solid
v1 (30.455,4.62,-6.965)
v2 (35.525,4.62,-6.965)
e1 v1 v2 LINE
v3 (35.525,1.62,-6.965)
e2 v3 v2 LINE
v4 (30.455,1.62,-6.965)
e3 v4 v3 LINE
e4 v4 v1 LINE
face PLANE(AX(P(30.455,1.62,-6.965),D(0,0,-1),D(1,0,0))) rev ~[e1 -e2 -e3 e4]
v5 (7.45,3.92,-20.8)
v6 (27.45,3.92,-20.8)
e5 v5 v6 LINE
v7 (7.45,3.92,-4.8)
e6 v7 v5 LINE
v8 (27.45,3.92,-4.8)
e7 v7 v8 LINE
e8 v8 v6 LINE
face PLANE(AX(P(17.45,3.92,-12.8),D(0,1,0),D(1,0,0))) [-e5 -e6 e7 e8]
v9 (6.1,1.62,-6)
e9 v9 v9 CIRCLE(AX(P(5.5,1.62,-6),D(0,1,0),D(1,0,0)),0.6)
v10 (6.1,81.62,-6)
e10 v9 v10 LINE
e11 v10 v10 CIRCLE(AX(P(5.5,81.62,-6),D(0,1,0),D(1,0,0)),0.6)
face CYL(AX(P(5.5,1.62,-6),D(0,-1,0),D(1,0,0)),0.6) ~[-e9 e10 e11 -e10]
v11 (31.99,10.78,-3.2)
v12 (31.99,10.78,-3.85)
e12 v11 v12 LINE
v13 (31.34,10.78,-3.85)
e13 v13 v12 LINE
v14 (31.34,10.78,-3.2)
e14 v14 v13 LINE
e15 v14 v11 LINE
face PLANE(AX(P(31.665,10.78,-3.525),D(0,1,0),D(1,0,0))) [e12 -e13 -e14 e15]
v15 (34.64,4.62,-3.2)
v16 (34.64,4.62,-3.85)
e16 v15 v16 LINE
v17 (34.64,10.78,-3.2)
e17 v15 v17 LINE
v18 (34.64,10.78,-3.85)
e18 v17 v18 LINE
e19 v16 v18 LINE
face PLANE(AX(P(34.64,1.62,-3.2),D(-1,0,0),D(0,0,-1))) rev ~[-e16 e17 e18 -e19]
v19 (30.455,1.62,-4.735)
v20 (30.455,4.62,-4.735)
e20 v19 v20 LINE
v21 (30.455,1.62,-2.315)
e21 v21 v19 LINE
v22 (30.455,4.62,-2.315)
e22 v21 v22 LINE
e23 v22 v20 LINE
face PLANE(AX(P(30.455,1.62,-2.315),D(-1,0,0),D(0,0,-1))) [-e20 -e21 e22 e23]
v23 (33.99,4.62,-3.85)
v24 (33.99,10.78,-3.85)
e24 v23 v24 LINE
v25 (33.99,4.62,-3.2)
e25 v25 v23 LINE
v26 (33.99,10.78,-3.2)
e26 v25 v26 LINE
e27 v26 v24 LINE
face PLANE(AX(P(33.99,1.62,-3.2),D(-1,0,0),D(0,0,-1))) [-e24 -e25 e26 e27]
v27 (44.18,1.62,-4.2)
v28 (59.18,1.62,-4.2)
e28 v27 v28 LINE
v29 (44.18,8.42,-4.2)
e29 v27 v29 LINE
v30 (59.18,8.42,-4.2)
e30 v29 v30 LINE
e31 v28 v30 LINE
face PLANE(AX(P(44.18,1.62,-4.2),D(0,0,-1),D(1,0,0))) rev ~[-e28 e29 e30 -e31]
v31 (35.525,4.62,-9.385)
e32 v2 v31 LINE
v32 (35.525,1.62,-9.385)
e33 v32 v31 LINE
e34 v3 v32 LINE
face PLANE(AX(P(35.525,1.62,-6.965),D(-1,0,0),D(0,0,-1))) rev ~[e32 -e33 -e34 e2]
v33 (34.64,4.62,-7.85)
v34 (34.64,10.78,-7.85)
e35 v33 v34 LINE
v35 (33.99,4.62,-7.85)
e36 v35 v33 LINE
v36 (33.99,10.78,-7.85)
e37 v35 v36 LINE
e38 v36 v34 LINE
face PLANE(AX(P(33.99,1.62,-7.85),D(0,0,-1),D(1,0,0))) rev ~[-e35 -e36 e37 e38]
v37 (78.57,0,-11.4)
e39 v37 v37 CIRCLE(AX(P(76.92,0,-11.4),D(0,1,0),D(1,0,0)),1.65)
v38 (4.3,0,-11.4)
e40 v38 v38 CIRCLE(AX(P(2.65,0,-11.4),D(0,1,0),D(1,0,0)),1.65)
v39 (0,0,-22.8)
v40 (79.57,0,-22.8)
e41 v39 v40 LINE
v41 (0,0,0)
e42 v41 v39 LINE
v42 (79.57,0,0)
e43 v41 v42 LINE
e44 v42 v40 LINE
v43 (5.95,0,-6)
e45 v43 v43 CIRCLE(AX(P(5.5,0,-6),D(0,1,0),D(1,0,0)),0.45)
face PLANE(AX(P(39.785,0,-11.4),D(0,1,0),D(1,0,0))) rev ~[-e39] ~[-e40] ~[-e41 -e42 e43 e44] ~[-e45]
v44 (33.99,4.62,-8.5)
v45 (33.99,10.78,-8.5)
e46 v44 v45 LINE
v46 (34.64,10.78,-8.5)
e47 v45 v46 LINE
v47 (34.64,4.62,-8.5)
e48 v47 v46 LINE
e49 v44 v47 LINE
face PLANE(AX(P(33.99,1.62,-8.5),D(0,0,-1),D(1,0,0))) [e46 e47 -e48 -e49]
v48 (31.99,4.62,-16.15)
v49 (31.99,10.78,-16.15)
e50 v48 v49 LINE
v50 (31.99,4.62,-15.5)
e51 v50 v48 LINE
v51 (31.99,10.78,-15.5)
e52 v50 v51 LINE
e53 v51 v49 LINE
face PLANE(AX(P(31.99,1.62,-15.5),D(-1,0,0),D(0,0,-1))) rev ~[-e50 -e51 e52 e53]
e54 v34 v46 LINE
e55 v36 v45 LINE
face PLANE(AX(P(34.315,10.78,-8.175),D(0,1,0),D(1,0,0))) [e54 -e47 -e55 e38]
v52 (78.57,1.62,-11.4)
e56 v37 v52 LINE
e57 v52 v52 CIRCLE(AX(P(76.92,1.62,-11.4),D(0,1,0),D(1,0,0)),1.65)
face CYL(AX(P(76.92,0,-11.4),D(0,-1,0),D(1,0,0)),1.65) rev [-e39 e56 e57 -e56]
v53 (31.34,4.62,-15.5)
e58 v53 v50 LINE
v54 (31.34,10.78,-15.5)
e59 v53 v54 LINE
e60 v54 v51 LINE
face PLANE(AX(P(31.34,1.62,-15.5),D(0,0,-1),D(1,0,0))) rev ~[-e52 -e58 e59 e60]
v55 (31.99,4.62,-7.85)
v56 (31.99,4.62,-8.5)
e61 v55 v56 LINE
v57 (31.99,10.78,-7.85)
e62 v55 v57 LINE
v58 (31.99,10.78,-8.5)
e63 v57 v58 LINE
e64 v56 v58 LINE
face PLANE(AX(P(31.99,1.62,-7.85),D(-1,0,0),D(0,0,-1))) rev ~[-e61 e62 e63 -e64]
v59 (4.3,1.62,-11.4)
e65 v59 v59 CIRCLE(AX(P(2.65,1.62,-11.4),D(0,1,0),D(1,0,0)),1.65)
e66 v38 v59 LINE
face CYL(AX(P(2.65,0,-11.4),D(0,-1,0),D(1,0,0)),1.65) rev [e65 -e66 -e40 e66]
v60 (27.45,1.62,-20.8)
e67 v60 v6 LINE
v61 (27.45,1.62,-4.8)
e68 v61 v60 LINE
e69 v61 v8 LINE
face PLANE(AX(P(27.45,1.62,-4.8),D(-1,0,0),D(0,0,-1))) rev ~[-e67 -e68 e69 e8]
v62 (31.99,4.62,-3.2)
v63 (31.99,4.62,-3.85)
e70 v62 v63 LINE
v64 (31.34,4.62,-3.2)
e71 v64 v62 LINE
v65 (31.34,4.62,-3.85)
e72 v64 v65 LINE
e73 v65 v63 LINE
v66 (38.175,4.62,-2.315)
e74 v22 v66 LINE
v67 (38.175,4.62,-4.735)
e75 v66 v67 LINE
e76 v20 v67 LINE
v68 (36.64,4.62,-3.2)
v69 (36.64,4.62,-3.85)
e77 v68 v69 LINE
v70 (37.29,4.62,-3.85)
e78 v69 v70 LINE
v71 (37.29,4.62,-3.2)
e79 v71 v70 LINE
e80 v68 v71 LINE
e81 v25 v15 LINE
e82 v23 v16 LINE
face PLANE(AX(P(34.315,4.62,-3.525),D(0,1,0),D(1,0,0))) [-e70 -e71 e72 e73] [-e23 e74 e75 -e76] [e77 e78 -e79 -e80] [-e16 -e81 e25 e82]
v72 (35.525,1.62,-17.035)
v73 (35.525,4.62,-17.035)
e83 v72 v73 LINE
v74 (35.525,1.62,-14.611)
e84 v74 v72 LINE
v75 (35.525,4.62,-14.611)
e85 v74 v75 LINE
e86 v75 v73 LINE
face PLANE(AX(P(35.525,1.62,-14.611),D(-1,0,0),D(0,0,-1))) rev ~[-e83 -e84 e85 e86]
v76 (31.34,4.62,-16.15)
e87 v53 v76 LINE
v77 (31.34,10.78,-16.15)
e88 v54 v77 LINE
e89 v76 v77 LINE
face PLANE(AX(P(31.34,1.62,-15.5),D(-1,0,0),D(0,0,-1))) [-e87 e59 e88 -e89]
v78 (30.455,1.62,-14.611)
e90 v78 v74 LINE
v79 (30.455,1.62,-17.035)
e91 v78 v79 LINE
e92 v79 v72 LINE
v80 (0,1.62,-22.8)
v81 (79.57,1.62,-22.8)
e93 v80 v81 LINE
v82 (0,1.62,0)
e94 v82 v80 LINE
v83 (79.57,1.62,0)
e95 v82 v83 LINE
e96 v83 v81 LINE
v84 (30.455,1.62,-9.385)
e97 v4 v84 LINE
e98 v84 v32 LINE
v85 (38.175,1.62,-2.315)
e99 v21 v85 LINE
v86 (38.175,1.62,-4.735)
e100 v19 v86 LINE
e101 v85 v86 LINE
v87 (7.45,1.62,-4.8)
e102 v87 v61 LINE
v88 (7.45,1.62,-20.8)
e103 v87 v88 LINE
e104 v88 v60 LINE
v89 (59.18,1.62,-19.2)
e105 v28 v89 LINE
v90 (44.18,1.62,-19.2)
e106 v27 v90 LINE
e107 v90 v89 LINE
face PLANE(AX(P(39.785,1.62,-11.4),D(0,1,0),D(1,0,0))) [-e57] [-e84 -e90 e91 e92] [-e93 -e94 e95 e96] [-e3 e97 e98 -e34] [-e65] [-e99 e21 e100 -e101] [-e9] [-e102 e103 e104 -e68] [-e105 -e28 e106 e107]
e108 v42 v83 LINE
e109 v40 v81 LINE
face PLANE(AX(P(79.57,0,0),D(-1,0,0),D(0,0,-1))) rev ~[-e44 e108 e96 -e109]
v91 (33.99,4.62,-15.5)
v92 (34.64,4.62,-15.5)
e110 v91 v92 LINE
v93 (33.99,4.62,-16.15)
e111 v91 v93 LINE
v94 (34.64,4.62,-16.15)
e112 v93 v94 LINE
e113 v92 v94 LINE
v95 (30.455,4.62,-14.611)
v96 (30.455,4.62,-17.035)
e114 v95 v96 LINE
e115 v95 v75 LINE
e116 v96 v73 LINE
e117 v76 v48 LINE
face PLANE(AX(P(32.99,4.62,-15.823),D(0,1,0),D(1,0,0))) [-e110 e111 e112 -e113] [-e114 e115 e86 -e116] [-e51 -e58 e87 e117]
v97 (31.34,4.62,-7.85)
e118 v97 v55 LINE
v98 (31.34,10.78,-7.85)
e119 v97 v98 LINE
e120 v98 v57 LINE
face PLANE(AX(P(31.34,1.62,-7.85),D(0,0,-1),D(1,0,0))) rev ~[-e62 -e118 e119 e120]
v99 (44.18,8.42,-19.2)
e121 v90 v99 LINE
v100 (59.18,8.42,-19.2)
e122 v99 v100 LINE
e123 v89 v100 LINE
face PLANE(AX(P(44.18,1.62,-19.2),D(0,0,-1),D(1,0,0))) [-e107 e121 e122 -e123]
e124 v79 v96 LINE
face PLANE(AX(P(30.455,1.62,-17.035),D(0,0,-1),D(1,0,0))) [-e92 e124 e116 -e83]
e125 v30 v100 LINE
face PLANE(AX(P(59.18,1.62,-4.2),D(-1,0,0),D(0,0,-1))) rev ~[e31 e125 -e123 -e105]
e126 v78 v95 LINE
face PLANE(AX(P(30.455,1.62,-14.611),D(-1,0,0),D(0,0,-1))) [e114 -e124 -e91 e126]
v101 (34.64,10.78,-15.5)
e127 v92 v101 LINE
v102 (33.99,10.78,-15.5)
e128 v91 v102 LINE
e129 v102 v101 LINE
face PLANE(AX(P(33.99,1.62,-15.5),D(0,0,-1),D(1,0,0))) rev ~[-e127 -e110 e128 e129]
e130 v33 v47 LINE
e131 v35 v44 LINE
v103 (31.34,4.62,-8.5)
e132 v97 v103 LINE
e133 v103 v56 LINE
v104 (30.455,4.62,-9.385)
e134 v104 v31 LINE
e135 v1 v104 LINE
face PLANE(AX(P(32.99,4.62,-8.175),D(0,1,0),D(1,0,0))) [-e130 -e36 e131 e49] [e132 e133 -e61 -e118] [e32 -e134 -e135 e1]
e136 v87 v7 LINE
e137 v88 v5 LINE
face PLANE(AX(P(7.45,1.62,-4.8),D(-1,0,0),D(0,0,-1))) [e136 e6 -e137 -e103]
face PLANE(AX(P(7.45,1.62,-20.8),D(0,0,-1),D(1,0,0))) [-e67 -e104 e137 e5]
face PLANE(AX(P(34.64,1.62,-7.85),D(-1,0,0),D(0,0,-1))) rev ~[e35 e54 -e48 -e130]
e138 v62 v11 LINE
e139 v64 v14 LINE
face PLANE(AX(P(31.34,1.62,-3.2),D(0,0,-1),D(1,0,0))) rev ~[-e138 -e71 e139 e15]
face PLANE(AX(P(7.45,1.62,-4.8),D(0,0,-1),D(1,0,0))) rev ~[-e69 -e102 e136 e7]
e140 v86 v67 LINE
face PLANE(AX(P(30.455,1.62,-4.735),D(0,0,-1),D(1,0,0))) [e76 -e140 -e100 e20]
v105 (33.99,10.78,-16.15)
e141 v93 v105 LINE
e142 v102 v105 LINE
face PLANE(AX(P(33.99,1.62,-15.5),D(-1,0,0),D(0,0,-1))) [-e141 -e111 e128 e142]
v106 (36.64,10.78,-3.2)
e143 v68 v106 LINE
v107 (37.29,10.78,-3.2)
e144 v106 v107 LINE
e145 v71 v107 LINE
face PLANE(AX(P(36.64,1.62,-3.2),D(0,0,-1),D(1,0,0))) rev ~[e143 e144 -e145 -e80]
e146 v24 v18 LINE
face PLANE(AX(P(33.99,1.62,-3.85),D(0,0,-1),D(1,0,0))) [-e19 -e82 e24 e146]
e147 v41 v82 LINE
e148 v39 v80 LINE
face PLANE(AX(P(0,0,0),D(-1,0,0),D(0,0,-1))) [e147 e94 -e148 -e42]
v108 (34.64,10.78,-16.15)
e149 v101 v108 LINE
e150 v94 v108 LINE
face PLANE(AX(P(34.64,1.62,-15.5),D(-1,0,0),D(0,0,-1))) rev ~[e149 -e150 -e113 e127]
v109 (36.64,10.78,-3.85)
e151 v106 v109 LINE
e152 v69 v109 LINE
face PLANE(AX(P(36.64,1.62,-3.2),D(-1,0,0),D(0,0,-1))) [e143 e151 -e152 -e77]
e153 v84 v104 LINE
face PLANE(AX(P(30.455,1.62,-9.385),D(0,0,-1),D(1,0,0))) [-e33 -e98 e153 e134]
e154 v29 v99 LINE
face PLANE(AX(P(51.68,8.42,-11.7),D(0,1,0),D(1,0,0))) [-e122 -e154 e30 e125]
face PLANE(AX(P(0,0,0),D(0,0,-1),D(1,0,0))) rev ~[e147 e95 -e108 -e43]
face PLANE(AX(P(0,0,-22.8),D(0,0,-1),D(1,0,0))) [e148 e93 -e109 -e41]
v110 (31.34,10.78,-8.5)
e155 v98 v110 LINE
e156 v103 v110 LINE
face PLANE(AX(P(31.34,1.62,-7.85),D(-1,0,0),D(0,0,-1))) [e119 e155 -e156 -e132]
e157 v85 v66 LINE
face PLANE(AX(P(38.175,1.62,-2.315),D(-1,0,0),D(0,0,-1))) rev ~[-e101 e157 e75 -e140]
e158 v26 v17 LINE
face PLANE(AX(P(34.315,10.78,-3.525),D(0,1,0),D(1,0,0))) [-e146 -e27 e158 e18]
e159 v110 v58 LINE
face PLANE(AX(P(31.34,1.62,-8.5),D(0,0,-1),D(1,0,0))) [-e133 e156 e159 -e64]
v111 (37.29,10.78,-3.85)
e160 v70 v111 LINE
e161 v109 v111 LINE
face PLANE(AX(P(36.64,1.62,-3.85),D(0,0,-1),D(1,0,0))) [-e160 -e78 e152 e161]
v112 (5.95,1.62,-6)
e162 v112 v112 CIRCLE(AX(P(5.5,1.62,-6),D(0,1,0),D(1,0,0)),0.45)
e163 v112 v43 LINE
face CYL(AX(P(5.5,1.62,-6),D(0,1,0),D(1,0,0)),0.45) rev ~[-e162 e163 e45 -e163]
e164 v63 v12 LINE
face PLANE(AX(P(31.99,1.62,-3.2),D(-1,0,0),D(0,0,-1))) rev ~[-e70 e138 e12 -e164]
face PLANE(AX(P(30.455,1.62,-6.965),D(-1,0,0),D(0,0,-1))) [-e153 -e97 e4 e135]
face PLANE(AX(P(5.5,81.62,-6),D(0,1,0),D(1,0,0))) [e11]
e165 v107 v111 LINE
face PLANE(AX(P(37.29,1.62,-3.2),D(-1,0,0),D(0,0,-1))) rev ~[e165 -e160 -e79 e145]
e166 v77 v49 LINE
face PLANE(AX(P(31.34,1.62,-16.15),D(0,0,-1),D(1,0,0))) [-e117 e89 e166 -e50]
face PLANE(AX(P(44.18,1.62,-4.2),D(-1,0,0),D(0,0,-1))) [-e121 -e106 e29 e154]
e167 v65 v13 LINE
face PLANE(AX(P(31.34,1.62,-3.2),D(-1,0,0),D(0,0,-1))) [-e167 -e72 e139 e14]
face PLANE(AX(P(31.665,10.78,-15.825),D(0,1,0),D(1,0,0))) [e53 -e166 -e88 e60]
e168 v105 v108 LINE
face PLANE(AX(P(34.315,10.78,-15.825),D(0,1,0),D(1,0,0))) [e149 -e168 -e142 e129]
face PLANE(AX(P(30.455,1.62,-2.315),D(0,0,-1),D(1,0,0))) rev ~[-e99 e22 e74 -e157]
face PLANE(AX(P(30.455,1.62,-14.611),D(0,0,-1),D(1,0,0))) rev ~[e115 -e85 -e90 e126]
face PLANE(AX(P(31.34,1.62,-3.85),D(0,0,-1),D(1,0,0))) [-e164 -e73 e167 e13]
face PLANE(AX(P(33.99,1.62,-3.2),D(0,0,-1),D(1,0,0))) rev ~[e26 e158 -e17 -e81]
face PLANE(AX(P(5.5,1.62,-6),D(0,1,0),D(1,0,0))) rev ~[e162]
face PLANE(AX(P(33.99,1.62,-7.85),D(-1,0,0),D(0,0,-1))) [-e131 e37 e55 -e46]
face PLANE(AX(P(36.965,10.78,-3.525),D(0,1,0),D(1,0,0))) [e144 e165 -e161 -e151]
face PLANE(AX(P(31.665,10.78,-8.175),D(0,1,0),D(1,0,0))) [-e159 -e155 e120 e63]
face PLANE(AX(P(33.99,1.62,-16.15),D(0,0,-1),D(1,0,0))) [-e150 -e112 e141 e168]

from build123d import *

# Parameters (mm, degrees)
SKETCH1_W              = 79.57
SKETCH1_H              = 22.8
SKETCH1_R              = 1.65
BOSS_EXTRUDE2_DEPTH    = 1.62
SKETCH2_W              = 15
SKETCH2_H              = 15
BOSS_EXTRUDE3_DEPTH    = 6.8
SKETCH3_W              = 0.65
SKETCH3_H              = 0.65
BOSS_EXTRUDE4_DEPTH    = 9.16
SKETCH4_W              = 7.72
SKETCH4_H              = 2.42
SKETCH4_W_2            = 5.07
SKETCH4_H_2            = 2.424
BOSS_EXTRUDE5_DEPTH    = 3
SKETCH5_W              = 20
SKETCH5_H              = 16
BOSS_EXTRUDE6_DEPTH    = 2.3
SKETCH6_R              = 0.45
HOLE_FOR_ANTENNA_DEPTH = 2.8
SKETCH7_R              = 0.6
BOSS_EXTRUDE7_DEPTH    = 80


with BuildPart() as part:
    # Sketch1 → Boss-Extrude2 (new body)
    with BuildSketch(Plane(origin=(0, 0, 0), x_dir=(1, 0, 0), z_dir=(0, 1, 0))):
        with Locations((39.785, 11.4)):
            Rectangle(SKETCH1_W, SKETCH1_H)
        with Locations((2.65, 11.4)):
            Circle(SKETCH1_R, mode=Mode.SUBTRACT)
        with Locations((76.92, 11.4)):
            Circle(SKETCH1_R, mode=Mode.SUBTRACT)
    extrude(amount=BOSS_EXTRUDE2_DEPTH)

    # Sketch2 → Boss-Extrude3 (add)
    with BuildSketch(Plane(origin=(0, 1.62, 0), x_dir=(1, 0, 0), z_dir=(0, 1, 0))):
        with Locations((51.68, 11.7)):
            Rectangle(SKETCH2_W, SKETCH2_H)
    extrude(amount=BOSS_EXTRUDE3_DEPTH)

    # Sketch3 → Boss-Extrude4 (add)
    with BuildSketch(Plane(origin=(0, 1.62, 0), x_dir=(1, 0, 0), z_dir=(0, 1, 0))):
        with Locations((31.665, 3.525)):
            Rectangle(SKETCH3_W, SKETCH3_H)
        with Locations((34.315, 3.525)):
            Rectangle(SKETCH3_W, SKETCH3_H)
        with Locations((36.965, 3.525)):
            Rectangle(SKETCH3_W, SKETCH3_H)
        with Locations((31.665, 8.175)):
            Rectangle(SKETCH3_W, SKETCH3_H)
        with Locations((34.315, 8.175)):
            Rectangle(SKETCH3_W, SKETCH3_H)
        with Locations((31.665, 15.825)):
            Rectangle(SKETCH3_W, SKETCH3_H)
        with Locations((34.315, 15.825)):
            Rectangle(SKETCH3_W, SKETCH3_H)
    extrude(amount=BOSS_EXTRUDE4_DEPTH)

    # Sketch4 → Boss-Extrude5 (add)
    with BuildSketch(Plane(origin=(0, 1.62, 0), x_dir=(1, 0, 0), z_dir=(0, 1, 0))):
        with Locations((34.315, 3.525)):
            Rectangle(SKETCH4_W, SKETCH4_H)
        with Locations((32.99, 8.175)):
            Rectangle(SKETCH4_W_2, SKETCH4_H)
        with Locations((32.99, 15.823)):
            Rectangle(SKETCH4_W_2, SKETCH4_H_2)
    extrude(amount=BOSS_EXTRUDE5_DEPTH)

    # Sketch5 → Boss-Extrude6 (add)
    with BuildSketch(Plane(origin=(0, 1.62, 0), x_dir=(1, 0, 0), z_dir=(0, 1, 0))):
        with Locations((17.45, 12.8)):
            Rectangle(SKETCH5_W, SKETCH5_H)
    extrude(amount=BOSS_EXTRUDE6_DEPTH)

    # Sketch6 → Hole for antenna (cut)
    with BuildSketch(Plane(origin=(0, 1.62, 0), x_dir=(1, 0, 0), z_dir=(0, 1, 0))):
        with Locations((5.5, 6)):
            Circle(SKETCH6_R)
    extrude(amount=-HOLE_FOR_ANTENNA_DEPTH, mode=Mode.SUBTRACT)

    # Sketch7 → Boss-Extrude7 (add)
    with BuildSketch(Plane(origin=(0, 1.62, 0), x_dir=(1, 0, 0), z_dir=(0, 1, 0))):
        with Locations((5.5, 6)):
            Circle(SKETCH7_R)
    extrude(amount=BOSS_EXTRUDE7_DEPTH)


solid = part.part
